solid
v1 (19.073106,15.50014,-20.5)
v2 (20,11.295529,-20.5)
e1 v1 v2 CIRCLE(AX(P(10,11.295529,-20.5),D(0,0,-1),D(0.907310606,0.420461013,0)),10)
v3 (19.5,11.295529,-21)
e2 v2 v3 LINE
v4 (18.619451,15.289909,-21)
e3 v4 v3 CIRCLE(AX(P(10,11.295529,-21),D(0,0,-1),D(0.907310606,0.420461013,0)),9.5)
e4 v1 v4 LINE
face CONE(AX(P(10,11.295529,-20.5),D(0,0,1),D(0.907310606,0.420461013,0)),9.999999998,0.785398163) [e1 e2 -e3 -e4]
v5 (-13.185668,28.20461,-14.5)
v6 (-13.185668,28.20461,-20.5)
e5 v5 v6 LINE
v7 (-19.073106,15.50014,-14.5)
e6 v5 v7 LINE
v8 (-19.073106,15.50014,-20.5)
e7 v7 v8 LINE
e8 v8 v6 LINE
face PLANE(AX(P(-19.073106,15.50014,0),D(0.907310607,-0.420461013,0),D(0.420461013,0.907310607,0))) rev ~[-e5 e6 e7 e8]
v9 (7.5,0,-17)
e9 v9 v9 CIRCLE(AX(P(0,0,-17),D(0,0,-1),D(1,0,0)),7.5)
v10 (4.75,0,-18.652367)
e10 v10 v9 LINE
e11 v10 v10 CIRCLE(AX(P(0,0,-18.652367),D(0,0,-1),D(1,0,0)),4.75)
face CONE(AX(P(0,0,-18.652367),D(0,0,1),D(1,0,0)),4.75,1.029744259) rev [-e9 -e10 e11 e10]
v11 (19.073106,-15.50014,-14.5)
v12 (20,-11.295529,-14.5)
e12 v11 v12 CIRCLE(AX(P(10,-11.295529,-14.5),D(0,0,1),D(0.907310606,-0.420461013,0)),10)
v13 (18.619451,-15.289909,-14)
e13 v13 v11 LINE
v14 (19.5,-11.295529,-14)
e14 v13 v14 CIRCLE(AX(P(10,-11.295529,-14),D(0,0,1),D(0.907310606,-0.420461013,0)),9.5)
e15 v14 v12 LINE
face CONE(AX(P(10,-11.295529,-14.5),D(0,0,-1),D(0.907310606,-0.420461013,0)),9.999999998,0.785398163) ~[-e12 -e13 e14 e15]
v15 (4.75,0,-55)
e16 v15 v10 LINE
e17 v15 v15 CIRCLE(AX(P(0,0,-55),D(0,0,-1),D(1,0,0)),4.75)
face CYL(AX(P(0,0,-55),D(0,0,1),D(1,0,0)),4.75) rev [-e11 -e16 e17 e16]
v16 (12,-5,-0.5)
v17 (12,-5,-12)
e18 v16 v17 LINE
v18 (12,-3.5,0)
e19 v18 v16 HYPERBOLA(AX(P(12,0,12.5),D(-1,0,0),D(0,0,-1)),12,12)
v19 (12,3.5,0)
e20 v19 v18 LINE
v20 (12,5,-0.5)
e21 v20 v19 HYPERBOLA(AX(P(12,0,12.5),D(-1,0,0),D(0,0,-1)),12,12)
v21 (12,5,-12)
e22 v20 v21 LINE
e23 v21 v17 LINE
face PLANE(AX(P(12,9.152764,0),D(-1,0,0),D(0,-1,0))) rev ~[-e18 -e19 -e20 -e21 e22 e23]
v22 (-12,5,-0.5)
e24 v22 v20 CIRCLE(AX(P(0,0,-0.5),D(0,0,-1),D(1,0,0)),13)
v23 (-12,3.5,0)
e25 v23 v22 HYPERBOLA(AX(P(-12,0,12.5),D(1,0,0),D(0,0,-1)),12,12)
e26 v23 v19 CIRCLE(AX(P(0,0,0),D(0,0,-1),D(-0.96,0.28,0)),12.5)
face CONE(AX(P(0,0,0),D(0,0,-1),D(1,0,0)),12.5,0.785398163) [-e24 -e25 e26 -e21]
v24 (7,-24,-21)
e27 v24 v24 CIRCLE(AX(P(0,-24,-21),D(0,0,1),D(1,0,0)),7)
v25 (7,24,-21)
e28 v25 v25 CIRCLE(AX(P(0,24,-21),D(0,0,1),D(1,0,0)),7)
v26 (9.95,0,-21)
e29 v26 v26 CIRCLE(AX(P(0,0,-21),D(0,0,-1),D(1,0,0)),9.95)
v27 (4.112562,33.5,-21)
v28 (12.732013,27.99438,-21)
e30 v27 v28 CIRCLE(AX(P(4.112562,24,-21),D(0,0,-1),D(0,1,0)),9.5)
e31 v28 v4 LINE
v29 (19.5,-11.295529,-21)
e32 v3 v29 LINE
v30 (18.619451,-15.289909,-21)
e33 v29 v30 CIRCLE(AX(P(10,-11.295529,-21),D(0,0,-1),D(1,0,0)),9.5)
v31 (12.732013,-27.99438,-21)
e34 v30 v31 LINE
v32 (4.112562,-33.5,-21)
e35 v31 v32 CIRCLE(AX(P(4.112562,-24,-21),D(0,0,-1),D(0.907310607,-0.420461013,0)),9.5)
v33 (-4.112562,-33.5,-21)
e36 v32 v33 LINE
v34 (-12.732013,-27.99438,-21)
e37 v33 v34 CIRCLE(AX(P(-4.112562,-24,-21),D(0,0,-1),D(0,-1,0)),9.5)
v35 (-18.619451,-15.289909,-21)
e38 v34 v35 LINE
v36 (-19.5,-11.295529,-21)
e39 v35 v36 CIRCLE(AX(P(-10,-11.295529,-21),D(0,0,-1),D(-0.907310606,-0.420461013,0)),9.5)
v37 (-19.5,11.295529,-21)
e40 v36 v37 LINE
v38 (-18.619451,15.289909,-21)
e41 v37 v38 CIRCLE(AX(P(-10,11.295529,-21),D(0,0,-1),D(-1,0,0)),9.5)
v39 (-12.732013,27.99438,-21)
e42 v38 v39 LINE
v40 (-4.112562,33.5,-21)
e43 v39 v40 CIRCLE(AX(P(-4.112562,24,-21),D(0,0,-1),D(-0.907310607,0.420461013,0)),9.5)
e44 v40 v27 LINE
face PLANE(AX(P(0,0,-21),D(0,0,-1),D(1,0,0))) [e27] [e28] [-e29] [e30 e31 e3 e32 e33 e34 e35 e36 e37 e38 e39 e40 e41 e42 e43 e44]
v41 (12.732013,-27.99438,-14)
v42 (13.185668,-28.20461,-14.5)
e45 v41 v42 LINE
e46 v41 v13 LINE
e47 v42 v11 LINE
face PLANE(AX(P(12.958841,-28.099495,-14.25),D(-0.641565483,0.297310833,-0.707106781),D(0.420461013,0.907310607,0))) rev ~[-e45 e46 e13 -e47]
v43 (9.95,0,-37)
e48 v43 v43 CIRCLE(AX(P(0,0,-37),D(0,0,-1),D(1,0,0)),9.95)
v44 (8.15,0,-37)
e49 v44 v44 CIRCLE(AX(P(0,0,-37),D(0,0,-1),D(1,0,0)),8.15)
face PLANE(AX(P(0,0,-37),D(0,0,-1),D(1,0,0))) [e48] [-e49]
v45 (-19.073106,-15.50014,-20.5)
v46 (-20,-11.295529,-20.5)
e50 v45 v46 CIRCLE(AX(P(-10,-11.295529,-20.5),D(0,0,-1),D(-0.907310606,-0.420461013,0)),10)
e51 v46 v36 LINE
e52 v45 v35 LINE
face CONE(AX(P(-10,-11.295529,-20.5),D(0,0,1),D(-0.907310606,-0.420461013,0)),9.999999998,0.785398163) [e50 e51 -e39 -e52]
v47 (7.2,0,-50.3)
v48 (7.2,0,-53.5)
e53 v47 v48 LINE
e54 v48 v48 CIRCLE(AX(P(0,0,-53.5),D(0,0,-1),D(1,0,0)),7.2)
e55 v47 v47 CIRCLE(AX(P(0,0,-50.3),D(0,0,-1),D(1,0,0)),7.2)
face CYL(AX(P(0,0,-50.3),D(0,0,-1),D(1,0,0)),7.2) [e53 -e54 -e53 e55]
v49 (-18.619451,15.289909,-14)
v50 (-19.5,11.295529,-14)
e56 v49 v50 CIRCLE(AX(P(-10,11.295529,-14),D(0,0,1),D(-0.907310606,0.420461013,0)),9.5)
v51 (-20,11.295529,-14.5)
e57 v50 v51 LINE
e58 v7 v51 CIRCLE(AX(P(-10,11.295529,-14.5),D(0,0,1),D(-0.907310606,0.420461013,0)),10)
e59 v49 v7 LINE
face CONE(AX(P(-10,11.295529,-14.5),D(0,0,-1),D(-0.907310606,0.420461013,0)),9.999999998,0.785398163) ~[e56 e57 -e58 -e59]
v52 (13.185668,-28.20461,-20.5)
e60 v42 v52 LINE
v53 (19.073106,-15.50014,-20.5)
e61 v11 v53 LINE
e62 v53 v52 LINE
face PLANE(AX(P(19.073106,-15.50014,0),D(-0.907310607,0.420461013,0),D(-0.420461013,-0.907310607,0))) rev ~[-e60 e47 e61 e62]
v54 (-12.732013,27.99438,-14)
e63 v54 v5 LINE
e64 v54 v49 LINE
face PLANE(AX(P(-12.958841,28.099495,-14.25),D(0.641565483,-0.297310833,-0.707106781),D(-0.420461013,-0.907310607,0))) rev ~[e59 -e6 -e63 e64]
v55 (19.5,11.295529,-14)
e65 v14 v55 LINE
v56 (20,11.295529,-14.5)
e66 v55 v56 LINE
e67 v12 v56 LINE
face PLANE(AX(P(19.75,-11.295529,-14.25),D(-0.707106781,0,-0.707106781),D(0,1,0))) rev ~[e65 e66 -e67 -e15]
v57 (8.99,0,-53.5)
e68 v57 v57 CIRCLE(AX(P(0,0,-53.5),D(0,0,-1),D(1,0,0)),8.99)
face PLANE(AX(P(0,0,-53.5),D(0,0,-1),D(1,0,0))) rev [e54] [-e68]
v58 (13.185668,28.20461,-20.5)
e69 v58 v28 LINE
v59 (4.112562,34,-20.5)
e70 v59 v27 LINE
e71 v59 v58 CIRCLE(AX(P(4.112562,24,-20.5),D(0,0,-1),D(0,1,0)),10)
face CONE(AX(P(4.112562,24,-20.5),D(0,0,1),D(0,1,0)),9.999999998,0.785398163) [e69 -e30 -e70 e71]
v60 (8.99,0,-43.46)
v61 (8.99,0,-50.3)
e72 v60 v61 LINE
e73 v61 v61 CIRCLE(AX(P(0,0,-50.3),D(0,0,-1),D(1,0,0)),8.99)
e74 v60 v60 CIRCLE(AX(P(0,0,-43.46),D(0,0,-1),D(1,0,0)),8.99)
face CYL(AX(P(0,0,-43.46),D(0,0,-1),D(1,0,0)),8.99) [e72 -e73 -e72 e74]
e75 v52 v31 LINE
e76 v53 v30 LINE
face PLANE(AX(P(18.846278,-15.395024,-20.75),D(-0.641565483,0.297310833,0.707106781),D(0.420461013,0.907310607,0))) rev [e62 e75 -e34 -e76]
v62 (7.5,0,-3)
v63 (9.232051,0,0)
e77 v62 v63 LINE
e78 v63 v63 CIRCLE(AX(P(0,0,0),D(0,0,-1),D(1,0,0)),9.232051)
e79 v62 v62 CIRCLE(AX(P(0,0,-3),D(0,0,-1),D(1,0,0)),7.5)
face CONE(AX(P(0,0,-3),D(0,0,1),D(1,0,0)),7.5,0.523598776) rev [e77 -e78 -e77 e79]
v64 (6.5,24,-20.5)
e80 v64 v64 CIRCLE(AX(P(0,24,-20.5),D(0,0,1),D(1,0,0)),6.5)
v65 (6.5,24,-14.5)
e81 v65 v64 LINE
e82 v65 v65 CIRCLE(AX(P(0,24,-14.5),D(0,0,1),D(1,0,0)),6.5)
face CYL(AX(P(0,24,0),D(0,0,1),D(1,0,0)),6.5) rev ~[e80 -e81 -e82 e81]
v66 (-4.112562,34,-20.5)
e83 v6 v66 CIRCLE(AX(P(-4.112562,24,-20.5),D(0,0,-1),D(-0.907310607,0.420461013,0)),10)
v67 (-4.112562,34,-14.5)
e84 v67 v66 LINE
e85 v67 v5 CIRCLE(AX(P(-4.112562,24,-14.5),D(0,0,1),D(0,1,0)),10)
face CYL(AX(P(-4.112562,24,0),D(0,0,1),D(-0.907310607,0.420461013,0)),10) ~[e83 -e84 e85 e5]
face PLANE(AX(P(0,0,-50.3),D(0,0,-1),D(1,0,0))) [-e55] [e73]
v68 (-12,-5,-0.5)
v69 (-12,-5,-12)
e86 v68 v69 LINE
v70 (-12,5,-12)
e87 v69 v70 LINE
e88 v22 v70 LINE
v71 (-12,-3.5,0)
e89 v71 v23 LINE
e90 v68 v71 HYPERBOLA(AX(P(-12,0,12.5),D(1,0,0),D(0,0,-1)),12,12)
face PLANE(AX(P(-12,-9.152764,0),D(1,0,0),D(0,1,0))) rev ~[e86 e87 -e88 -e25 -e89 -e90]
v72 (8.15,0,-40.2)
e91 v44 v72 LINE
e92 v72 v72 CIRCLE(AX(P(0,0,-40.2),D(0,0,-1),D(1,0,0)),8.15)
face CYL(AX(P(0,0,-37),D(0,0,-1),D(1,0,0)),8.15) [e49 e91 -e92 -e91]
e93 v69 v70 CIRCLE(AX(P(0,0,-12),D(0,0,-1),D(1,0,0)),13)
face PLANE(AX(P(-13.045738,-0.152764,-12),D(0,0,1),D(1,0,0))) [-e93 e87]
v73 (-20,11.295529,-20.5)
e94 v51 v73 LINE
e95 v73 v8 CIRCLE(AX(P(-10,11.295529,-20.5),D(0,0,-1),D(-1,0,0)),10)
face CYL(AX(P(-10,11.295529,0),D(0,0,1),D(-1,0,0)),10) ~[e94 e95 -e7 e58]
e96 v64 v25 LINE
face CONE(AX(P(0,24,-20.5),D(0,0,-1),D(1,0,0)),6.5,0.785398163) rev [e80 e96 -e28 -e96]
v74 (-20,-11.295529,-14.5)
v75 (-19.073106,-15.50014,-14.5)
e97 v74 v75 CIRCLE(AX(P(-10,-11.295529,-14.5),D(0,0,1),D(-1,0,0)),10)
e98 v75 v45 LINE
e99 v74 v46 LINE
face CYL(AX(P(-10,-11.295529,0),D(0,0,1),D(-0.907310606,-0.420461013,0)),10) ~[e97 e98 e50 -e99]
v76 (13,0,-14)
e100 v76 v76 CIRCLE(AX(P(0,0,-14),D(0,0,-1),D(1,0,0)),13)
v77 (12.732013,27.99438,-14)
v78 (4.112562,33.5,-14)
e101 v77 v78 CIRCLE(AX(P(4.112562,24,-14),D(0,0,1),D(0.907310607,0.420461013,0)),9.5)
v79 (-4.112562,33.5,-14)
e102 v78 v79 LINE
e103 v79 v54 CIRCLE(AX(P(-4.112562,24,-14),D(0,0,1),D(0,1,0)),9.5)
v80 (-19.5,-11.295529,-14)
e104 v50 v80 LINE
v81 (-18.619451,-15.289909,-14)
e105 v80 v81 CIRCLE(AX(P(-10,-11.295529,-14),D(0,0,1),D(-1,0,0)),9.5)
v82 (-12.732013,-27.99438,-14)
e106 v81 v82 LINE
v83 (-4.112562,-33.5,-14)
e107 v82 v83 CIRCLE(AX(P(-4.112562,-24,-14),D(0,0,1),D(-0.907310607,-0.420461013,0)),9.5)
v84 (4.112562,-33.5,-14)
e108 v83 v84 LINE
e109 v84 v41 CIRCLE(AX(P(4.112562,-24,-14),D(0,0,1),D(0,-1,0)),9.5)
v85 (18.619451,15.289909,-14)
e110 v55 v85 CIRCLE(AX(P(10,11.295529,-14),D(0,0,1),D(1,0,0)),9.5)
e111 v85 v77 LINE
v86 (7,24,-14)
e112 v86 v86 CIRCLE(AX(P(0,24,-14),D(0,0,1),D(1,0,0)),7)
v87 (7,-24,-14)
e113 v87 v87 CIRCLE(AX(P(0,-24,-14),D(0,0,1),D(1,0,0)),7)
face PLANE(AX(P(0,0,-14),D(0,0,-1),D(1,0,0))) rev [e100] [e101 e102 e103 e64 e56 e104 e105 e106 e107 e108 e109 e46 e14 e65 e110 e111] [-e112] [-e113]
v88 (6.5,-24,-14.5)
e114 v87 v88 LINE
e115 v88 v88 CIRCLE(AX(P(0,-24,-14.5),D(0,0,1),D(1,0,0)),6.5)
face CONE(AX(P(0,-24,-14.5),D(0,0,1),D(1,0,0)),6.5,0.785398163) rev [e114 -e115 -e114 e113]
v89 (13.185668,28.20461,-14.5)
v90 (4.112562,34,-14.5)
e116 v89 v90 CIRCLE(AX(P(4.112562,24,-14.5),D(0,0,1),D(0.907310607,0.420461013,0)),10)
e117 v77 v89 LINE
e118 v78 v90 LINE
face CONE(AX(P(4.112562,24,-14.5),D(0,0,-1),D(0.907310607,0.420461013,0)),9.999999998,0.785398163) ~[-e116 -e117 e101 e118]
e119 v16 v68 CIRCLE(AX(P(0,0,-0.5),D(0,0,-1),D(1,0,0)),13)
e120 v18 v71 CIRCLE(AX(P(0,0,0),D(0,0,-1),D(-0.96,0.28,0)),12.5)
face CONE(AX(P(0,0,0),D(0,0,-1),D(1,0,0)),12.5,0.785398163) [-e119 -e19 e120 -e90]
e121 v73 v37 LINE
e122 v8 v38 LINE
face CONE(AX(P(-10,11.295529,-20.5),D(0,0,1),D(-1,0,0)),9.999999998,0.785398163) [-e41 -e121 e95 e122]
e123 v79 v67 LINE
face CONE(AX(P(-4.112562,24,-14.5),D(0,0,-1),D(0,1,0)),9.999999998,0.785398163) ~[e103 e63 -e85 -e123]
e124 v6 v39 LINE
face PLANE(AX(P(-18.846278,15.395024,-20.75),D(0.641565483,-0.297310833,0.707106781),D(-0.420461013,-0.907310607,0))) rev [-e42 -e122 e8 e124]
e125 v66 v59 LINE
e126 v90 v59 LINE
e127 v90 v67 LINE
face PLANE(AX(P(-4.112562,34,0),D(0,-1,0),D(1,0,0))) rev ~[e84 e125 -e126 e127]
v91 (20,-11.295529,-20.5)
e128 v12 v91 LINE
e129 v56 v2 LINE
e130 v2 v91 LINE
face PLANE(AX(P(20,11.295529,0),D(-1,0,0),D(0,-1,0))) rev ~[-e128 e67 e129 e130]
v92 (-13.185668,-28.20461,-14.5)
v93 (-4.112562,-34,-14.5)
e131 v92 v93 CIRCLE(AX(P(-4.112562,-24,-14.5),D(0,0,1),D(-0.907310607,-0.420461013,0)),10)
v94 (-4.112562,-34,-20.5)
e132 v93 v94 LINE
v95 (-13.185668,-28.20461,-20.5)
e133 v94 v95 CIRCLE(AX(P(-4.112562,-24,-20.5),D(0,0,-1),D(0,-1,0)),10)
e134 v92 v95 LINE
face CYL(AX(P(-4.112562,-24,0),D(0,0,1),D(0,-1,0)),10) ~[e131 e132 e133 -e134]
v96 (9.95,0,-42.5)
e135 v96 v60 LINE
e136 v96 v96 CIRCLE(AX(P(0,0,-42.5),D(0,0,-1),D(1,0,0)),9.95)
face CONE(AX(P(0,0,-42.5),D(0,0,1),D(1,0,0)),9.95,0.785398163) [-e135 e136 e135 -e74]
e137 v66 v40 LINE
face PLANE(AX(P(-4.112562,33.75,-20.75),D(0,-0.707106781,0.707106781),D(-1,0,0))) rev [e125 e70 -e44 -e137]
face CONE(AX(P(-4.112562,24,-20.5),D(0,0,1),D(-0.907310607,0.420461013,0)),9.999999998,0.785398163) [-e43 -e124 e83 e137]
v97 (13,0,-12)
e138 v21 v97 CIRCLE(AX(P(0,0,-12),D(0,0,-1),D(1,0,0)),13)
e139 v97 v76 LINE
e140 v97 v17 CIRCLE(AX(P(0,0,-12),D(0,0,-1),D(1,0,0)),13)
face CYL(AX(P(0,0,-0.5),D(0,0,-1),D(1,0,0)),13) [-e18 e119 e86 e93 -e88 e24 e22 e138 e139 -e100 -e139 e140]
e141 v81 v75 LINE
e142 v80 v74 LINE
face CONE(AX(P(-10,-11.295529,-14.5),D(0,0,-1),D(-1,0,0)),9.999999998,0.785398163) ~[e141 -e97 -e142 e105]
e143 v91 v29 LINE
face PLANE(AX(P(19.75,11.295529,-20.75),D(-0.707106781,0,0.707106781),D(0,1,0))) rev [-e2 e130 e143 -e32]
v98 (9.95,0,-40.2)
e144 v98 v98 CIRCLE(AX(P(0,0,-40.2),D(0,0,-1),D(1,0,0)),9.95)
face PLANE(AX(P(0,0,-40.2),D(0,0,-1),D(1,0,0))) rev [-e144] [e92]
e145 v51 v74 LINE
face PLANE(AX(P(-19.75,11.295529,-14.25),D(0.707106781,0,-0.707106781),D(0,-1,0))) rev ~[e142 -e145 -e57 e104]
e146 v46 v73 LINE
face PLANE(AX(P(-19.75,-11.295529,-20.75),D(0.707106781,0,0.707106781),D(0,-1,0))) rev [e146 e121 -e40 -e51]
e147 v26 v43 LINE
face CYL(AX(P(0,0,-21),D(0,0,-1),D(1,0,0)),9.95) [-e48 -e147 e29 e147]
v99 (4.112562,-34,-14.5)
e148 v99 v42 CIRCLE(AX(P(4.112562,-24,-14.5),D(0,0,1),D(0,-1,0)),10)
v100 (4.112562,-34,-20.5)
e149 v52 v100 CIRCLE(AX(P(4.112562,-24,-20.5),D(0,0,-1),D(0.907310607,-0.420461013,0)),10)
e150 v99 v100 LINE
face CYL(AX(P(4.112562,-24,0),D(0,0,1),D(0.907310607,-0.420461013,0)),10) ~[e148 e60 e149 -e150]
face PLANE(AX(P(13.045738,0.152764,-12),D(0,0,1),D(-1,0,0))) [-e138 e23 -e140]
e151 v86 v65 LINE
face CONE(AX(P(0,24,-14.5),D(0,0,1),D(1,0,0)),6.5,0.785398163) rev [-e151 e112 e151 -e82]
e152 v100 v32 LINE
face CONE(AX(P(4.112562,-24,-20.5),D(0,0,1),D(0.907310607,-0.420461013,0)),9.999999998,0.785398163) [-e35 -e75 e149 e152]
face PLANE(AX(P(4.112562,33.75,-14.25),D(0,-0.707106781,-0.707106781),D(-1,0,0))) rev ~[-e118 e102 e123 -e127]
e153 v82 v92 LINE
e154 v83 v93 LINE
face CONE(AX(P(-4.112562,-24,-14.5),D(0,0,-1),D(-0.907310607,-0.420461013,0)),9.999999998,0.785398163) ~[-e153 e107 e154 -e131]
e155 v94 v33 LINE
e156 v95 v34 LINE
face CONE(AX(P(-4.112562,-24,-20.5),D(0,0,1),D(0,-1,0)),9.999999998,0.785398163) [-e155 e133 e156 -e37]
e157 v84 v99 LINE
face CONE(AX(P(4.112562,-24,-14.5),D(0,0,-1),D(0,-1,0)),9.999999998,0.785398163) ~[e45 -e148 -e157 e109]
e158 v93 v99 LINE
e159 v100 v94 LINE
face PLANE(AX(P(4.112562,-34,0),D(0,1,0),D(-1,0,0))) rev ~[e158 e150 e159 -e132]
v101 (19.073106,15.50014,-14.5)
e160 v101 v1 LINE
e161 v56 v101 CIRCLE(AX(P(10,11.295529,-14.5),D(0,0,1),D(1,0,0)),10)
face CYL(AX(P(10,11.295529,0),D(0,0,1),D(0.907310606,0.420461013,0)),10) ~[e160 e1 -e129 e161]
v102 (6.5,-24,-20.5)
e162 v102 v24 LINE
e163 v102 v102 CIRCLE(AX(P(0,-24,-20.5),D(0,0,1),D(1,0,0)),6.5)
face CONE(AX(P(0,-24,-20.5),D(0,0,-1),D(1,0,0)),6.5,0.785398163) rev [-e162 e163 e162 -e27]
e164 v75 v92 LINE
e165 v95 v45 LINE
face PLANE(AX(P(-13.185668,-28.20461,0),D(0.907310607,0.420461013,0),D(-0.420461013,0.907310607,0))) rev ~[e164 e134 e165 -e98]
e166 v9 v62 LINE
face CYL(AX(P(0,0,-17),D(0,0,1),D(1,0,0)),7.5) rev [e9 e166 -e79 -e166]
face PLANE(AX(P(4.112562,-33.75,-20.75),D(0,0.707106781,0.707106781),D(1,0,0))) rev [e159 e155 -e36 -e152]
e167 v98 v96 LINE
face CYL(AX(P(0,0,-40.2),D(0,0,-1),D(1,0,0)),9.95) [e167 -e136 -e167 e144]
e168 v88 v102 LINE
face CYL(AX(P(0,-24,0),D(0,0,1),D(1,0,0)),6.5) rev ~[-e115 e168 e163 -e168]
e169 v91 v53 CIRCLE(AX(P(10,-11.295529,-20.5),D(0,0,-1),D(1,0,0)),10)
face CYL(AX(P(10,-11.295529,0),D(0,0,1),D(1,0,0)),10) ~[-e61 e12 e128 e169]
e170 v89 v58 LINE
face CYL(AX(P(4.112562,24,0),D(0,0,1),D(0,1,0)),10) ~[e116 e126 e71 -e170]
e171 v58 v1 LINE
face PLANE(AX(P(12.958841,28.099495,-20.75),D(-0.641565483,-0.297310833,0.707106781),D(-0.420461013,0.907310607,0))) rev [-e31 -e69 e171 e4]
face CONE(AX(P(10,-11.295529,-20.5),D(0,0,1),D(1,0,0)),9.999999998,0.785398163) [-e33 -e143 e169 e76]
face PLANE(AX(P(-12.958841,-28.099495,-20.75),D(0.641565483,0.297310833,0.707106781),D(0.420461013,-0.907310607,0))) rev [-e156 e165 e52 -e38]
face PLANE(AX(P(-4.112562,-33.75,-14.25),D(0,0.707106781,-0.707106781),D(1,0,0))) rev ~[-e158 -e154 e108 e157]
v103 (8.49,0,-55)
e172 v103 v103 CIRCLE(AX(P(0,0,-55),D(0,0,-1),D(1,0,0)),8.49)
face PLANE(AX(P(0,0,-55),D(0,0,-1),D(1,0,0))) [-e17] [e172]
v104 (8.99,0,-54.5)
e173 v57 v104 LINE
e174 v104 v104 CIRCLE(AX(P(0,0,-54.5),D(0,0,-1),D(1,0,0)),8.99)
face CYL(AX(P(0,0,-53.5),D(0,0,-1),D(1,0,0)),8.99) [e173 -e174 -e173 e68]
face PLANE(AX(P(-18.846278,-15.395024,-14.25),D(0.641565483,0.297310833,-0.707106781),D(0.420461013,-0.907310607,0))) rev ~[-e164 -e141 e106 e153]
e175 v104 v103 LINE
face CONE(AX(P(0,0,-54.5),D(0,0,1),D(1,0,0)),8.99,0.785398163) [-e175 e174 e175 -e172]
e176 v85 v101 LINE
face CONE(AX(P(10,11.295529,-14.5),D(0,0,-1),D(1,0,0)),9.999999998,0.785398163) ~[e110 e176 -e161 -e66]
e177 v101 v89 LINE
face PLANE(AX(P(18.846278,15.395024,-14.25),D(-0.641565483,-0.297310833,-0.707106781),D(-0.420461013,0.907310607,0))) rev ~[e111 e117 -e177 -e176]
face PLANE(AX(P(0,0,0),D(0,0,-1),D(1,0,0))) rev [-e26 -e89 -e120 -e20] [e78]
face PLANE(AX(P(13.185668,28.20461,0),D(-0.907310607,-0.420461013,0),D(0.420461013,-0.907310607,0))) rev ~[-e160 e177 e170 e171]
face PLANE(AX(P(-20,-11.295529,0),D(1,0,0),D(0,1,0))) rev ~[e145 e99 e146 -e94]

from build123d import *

# Parameters (mm, degrees)
SKETCH2_OUTSIDE_W  = 94.65
SKETCH2_OUTSIDE_H  = 94.65
SKETCH2_OUTSIDE_R  = 6.5
CUT_EXTRUDE1_DEPTH = 21
SKETCH5_W          = 2.091476768
SKETCH5_H          = 18
CUT_EXTRUDE2_DEPTH = 12
CIRPATTERN1_COUNT  = 2
CIRPATTERN1_ANGLE  = 180
CHAMFER1_SIZE      = 0.5


with BuildPart() as part:
    # Sketch1 → Revolve1 (revolve)
    with BuildSketch(Plane(origin=(0, 0, 0), x_dir=(0, 0, -1), z_dir=(1, 0, 0)), mode=Mode.PRIVATE) as revolve1_sk:
        Polygon((14, 35), (21, 35), (21, 9.95), (37, 9.95), (37, 8.15), (40.2, 8.15), (40.2, 9.95), (42.5, 9.95), (43.46, 8.99), (50.3, 8.99), (50.3, 7.2), (53.5, 7.2), (53.5, 8.99), (54.5, 8.99), (55, 8.49), (55, 4.75), (18.652366702, 4.75), (17, 7.5), (3, 7.5), (0, 9.232050808), (0, 12.5), (0.5, 13), (14, 13), align=None)
    revolve(revolve1_sk.sketch.rotate(Axis((0, 0, 0), (0, 0, -1)), 90), axis=Axis((0, 0, 0), (0, 0, -1)))

    # Sketch2 outside → Cut-Extrude1 (cut)
    # profile 1 of 3: a face of its own
    with BuildSketch(Plane.XY):
        Rectangle(SKETCH2_OUTSIDE_W, SKETCH2_OUTSIDE_H)
        with BuildLine():
            Line((-4.112562412, 34), (4.112562412, 34))
            ThreePointArc((4.112562412, 34), (9.495586596, 32.427517466), (13.185668477, 28.204610128))
            Line((13.185668477, 28.204610128), (19.073106065, 15.500139543))
            ThreePointArc((19.073106065, 15.500139543), (19.765527652, 13.448311261), (20, 11.295529415))
            Line((20, 11.295529415), (20, -11.295529415))
            ThreePointArc((20, -11.295529415), (19.765527652, -13.448311261), (19.073106065, -15.500139543))
            Line((19.073106065, -15.500139543), (13.185668477, -28.204610128))
            ThreePointArc((13.185668477, -28.204610128), (9.495586596, -32.427517466), (4.112562412, -34))
            Line((4.112562412, -34), (-4.112562412, -34))
            ThreePointArc((-4.112562412, -34), (-9.495586596, -32.427517466), (-13.185668477, -28.204610128))
            Line((-13.185668477, -28.204610128), (-19.073106065, -15.500139543))
            ThreePointArc((-19.073106065, -15.500139543), (-19.765527652, -13.448311261), (-20, -11.295529415))
            Line((-20, -11.295529415), (-20, 11.295529415))
            ThreePointArc((-20, 11.295529415), (-19.765527652, 13.448311261), (-19.073106065, 15.500139543))
            Line((-19.073106065, 15.500139543), (-13.185668477, 28.204610128))
            ThreePointArc((-13.185668477, 28.204610128), (-9.495586596, 32.427517466), (-4.112562412, 34))
        make_face(mode=Mode.SUBTRACT)
    # profile 2 of 3: a face of its own
    with BuildSketch(Plane.XY):
        with Locations((0, 24)):
            Circle(SKETCH2_OUTSIDE_R)
    # profile 3 of 3: a face of its own
    with BuildSketch(Plane.XY):
        with Locations((0, -24)):
            Circle(SKETCH2_OUTSIDE_R)
    extrude(amount=-CUT_EXTRUDE1_DEPTH, mode=Mode.SUBTRACT)

    # Sketch5 → Cut-Extrude2 (cut)
    with BuildSketch(Plane.XY):
        with Locations((-13.045738384, -0.152764218)):
            Rectangle(SKETCH5_W, SKETCH5_H)
    cut_extrude2 = extrude(amount=-CUT_EXTRUDE2_DEPTH, mode=Mode.SUBTRACT)

    # CirPattern1: Cut-Extrude2 ×2 about axis
    cirpattern1_axis = Axis((0, 0, 0), (0, 0, 1))
    for i in range(1, CIRPATTERN1_COUNT):
        add(cut_extrude2.rotate(cirpattern1_axis, i * CIRPATTERN1_ANGLE / (CIRPATTERN1_COUNT - 1)), mode=Mode.SUBTRACT)

    # Chamfer1
    chamfer1_edges = [part.edges().sort_by_distance(p)[0] for p in [
        (-6.5, 24, -21),
        (-6.5, 24, -14),
        (-6.5, -24, -21),
        (-6.5, -24, -14),
        (20, 0, -21),
        (19.765527652, 13.448311261, -21),
        (16.129387271, 21.852374836, -21),
        (9.495586596, 32.427517466, -21),
        (0, 34, -21),
        (-9.495586596, 32.427517466, -21),
        (-16.129387271, 21.852374836, -21),
        (-19.765527652, 13.448311261, -21),
        (-20, 0, -21),
        (-19.765527652, -13.448311261, -21),
        (-16.129387271, -21.852374836, -21),
        (-9.495586596, -32.427517466, -21),
        (0, -34, -21),
        (9.495586596, -32.427517466, -21),
        (16.129387271, -21.852374836, -21),
        (19.765527652, -13.448311261, -21),
        (19.765527652, 13.448311261, -14),
        (20, 0, -14),
        (19.765527652, -13.448311261, -14),
        (16.129387271, -21.852374836, -14),
        (9.495586596, -32.427517466, -14),
        (0, -34, -14),
        (-9.495586596, -32.427517466, -14),
        (-16.129387271, -21.852374836, -14),
        (-19.765527652, -13.448311261, -14),
        (-20, 0, -14),
        (-19.765527652, 13.448311261, -14),
        (-16.129387271, 21.852374836, -14),
        (-9.495586596, 32.427517466, -14),
        (0, 34, -14),
        (9.495586596, 32.427517466, -14),
        (16.129387271, 21.852374836, -14),
    ]]
    chamfer(chamfer1_edges, length=CHAMFER1_SIZE)


solid = part.part
